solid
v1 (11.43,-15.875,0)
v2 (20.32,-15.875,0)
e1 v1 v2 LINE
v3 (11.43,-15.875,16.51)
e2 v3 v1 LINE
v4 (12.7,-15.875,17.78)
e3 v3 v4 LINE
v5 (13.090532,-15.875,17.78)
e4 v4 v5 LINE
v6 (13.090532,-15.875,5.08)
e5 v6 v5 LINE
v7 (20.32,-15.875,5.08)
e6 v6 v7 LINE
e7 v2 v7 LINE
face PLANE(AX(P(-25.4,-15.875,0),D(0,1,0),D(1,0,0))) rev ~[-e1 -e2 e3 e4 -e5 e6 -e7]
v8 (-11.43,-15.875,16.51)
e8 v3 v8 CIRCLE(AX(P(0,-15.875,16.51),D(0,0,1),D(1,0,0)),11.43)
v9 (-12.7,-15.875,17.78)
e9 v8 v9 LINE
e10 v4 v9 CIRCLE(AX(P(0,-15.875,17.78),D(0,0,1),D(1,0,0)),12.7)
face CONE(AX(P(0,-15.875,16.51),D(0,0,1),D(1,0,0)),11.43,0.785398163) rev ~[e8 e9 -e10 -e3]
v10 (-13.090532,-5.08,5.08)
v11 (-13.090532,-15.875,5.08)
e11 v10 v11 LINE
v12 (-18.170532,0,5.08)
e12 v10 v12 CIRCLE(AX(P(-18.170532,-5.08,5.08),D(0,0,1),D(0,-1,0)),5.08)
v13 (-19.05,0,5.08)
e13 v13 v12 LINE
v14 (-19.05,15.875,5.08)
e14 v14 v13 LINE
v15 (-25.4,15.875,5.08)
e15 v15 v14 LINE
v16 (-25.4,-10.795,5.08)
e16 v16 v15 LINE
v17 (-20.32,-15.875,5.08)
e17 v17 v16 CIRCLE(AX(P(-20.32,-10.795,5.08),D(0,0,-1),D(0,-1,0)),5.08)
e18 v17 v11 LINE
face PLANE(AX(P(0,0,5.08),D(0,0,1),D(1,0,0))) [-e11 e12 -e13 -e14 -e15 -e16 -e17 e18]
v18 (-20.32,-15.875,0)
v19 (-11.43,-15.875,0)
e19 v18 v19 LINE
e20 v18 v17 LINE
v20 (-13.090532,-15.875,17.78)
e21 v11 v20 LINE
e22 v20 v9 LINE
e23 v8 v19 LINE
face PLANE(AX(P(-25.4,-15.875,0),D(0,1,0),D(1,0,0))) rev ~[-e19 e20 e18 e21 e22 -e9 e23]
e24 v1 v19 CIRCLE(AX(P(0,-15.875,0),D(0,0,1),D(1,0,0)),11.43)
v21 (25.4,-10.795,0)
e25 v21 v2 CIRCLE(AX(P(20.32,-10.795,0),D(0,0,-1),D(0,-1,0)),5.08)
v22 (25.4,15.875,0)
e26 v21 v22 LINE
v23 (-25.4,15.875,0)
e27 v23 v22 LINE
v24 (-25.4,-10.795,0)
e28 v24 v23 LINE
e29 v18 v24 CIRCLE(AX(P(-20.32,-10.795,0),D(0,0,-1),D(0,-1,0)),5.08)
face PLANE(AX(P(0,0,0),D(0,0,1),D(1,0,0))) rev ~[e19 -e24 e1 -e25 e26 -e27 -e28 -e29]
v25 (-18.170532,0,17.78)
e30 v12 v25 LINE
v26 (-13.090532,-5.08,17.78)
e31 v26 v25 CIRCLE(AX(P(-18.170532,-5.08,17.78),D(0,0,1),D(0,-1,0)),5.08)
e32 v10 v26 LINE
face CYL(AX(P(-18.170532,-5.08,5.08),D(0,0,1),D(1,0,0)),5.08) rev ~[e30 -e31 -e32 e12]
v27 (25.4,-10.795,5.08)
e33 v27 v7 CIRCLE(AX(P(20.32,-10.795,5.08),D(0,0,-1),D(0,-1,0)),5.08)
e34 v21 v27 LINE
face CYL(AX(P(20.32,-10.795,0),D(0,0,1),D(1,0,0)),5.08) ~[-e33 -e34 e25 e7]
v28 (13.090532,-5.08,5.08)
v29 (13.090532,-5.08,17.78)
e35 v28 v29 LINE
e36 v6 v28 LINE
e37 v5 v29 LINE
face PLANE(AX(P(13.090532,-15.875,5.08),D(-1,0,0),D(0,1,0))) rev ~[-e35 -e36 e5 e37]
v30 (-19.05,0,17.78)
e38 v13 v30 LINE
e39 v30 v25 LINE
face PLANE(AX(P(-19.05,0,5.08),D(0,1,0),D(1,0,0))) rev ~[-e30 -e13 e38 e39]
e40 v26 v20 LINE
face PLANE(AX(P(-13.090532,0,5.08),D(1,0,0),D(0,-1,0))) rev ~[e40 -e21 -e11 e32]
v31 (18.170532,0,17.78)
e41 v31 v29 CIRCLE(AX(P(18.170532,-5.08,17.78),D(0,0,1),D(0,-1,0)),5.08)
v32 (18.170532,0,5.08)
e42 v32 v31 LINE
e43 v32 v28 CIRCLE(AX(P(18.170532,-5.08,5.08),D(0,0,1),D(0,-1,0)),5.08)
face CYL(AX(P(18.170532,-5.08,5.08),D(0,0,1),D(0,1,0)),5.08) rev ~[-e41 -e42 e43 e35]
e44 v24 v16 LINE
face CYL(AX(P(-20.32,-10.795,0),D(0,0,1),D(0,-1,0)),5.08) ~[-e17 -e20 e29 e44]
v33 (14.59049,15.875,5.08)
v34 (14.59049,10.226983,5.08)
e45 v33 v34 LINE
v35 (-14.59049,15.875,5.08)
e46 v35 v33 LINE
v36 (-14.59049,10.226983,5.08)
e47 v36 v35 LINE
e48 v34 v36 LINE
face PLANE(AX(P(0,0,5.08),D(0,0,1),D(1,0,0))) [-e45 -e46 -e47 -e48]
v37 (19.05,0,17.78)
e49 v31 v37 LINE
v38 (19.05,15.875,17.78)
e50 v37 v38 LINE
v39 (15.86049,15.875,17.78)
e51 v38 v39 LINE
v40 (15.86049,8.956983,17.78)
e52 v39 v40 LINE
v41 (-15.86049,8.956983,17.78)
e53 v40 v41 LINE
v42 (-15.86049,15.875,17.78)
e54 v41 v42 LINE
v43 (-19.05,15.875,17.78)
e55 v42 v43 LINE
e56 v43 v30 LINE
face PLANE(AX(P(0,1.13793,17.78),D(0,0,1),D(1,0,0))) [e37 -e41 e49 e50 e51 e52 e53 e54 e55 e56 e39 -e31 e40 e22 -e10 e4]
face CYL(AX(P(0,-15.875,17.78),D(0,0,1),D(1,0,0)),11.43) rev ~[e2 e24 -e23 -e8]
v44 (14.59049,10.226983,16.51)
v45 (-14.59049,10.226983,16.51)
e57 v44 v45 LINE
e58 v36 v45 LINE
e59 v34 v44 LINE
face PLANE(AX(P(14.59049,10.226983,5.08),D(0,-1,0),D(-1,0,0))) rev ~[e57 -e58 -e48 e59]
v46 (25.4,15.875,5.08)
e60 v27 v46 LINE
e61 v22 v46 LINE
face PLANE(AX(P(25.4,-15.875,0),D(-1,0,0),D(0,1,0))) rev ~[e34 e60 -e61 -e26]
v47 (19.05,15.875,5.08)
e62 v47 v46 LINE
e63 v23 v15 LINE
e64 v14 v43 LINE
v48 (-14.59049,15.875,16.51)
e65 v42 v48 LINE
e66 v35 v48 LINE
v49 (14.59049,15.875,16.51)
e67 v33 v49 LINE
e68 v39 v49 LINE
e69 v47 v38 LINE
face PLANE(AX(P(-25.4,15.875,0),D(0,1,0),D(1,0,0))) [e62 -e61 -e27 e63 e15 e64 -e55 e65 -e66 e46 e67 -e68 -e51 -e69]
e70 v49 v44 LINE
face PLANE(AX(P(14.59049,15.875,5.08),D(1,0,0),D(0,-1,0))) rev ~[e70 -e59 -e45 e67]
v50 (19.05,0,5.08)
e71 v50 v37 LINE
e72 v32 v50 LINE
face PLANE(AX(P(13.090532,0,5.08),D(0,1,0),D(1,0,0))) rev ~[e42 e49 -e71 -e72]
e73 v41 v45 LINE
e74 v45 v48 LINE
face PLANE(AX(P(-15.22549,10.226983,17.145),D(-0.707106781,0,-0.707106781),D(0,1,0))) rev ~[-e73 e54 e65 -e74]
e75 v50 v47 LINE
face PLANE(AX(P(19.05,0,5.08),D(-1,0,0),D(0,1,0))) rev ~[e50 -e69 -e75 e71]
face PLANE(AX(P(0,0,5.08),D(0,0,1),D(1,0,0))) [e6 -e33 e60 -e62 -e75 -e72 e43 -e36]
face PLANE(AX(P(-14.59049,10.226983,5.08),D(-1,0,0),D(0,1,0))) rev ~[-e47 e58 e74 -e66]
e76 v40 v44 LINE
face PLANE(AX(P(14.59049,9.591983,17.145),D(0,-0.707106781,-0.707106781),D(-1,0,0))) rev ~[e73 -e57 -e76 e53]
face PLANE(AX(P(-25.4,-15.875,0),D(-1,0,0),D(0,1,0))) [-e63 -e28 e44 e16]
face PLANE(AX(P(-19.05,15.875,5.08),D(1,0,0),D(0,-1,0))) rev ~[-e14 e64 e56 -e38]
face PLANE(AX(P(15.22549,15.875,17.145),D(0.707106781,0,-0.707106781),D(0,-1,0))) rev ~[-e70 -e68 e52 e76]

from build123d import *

# Parameters (mm, degrees)
F0_W     = 50.8
F0_H     = 31.75
F1_DEPTH = 5.08
F3_DEPTH = 12.7
F5_DEPTH = 17.78
F6_R     = 5.08
F7_R     = 5.08
F8_SIZE  = 1.27


with BuildPart() as f1:
    # F0 (on Top) → F1 (new body)
    with BuildSketch(Plane.XY):
        Rectangle(F0_W, F0_H)
    extrude(amount=F1_DEPTH)

    # F2 (on face) → F3 (join)
    with BuildSketch(Plane.XY.offset(5.08)):
        Polygon((-14.5904901437, 15.875), (-19.05, 15.875), (-19.05, 0), (-13.0905322731, 0), (-13.0905322731, -15.875), (13.0905322731, -15.875), (13.0905322731, 0), (19.05, 0), (19.05, 15.875), (14.5904901437, 15.875), (14.5904901437, 10.2269826457), (-14.5904901437, 10.2269826457), align=None)
    extrude(amount=F3_DEPTH)

    # F4 (on face) → F5 (cut, through all)
    with BuildSketch(Plane.XY.offset(17.78)):
        with BuildLine():
            Line((-11.43, -15.875), (11.43, -15.875))
            ThreePointArc((11.43, -15.875), (0, -4.445), (-11.43, -15.875))
        make_face()
    extrude(amount=-F5_DEPTH, mode=Mode.SUBTRACT)

    # F6
    f6_edges = [f1.edges().sort_by_distance(p)[0] for p in [
        (-13.090532, 0, 11.43),
        (13.090532, 0, 11.43),
    ]]
    fillet(f6_edges, radius=F6_R)

    # F7
    f7_edges = [f1.edges().sort_by_distance(p)[0] for p in [
        (25.4, -15.875, 2.54),
        (-25.4, -15.875, 2.54),
    ]]
    fillet(f7_edges, radius=F7_R)

    # F8
    f8_edges = [f1.edges().sort_by_distance(p)[0] for p in [
        (0, -4.445, 17.78),
        (0, 10.226983, 17.78),
        (-14.59049, 13.050991, 17.78),
        (14.59049, 13.050991, 17.78),
    ]]
    chamfer(f8_edges, length=F8_SIZE)


solid = f1.part
